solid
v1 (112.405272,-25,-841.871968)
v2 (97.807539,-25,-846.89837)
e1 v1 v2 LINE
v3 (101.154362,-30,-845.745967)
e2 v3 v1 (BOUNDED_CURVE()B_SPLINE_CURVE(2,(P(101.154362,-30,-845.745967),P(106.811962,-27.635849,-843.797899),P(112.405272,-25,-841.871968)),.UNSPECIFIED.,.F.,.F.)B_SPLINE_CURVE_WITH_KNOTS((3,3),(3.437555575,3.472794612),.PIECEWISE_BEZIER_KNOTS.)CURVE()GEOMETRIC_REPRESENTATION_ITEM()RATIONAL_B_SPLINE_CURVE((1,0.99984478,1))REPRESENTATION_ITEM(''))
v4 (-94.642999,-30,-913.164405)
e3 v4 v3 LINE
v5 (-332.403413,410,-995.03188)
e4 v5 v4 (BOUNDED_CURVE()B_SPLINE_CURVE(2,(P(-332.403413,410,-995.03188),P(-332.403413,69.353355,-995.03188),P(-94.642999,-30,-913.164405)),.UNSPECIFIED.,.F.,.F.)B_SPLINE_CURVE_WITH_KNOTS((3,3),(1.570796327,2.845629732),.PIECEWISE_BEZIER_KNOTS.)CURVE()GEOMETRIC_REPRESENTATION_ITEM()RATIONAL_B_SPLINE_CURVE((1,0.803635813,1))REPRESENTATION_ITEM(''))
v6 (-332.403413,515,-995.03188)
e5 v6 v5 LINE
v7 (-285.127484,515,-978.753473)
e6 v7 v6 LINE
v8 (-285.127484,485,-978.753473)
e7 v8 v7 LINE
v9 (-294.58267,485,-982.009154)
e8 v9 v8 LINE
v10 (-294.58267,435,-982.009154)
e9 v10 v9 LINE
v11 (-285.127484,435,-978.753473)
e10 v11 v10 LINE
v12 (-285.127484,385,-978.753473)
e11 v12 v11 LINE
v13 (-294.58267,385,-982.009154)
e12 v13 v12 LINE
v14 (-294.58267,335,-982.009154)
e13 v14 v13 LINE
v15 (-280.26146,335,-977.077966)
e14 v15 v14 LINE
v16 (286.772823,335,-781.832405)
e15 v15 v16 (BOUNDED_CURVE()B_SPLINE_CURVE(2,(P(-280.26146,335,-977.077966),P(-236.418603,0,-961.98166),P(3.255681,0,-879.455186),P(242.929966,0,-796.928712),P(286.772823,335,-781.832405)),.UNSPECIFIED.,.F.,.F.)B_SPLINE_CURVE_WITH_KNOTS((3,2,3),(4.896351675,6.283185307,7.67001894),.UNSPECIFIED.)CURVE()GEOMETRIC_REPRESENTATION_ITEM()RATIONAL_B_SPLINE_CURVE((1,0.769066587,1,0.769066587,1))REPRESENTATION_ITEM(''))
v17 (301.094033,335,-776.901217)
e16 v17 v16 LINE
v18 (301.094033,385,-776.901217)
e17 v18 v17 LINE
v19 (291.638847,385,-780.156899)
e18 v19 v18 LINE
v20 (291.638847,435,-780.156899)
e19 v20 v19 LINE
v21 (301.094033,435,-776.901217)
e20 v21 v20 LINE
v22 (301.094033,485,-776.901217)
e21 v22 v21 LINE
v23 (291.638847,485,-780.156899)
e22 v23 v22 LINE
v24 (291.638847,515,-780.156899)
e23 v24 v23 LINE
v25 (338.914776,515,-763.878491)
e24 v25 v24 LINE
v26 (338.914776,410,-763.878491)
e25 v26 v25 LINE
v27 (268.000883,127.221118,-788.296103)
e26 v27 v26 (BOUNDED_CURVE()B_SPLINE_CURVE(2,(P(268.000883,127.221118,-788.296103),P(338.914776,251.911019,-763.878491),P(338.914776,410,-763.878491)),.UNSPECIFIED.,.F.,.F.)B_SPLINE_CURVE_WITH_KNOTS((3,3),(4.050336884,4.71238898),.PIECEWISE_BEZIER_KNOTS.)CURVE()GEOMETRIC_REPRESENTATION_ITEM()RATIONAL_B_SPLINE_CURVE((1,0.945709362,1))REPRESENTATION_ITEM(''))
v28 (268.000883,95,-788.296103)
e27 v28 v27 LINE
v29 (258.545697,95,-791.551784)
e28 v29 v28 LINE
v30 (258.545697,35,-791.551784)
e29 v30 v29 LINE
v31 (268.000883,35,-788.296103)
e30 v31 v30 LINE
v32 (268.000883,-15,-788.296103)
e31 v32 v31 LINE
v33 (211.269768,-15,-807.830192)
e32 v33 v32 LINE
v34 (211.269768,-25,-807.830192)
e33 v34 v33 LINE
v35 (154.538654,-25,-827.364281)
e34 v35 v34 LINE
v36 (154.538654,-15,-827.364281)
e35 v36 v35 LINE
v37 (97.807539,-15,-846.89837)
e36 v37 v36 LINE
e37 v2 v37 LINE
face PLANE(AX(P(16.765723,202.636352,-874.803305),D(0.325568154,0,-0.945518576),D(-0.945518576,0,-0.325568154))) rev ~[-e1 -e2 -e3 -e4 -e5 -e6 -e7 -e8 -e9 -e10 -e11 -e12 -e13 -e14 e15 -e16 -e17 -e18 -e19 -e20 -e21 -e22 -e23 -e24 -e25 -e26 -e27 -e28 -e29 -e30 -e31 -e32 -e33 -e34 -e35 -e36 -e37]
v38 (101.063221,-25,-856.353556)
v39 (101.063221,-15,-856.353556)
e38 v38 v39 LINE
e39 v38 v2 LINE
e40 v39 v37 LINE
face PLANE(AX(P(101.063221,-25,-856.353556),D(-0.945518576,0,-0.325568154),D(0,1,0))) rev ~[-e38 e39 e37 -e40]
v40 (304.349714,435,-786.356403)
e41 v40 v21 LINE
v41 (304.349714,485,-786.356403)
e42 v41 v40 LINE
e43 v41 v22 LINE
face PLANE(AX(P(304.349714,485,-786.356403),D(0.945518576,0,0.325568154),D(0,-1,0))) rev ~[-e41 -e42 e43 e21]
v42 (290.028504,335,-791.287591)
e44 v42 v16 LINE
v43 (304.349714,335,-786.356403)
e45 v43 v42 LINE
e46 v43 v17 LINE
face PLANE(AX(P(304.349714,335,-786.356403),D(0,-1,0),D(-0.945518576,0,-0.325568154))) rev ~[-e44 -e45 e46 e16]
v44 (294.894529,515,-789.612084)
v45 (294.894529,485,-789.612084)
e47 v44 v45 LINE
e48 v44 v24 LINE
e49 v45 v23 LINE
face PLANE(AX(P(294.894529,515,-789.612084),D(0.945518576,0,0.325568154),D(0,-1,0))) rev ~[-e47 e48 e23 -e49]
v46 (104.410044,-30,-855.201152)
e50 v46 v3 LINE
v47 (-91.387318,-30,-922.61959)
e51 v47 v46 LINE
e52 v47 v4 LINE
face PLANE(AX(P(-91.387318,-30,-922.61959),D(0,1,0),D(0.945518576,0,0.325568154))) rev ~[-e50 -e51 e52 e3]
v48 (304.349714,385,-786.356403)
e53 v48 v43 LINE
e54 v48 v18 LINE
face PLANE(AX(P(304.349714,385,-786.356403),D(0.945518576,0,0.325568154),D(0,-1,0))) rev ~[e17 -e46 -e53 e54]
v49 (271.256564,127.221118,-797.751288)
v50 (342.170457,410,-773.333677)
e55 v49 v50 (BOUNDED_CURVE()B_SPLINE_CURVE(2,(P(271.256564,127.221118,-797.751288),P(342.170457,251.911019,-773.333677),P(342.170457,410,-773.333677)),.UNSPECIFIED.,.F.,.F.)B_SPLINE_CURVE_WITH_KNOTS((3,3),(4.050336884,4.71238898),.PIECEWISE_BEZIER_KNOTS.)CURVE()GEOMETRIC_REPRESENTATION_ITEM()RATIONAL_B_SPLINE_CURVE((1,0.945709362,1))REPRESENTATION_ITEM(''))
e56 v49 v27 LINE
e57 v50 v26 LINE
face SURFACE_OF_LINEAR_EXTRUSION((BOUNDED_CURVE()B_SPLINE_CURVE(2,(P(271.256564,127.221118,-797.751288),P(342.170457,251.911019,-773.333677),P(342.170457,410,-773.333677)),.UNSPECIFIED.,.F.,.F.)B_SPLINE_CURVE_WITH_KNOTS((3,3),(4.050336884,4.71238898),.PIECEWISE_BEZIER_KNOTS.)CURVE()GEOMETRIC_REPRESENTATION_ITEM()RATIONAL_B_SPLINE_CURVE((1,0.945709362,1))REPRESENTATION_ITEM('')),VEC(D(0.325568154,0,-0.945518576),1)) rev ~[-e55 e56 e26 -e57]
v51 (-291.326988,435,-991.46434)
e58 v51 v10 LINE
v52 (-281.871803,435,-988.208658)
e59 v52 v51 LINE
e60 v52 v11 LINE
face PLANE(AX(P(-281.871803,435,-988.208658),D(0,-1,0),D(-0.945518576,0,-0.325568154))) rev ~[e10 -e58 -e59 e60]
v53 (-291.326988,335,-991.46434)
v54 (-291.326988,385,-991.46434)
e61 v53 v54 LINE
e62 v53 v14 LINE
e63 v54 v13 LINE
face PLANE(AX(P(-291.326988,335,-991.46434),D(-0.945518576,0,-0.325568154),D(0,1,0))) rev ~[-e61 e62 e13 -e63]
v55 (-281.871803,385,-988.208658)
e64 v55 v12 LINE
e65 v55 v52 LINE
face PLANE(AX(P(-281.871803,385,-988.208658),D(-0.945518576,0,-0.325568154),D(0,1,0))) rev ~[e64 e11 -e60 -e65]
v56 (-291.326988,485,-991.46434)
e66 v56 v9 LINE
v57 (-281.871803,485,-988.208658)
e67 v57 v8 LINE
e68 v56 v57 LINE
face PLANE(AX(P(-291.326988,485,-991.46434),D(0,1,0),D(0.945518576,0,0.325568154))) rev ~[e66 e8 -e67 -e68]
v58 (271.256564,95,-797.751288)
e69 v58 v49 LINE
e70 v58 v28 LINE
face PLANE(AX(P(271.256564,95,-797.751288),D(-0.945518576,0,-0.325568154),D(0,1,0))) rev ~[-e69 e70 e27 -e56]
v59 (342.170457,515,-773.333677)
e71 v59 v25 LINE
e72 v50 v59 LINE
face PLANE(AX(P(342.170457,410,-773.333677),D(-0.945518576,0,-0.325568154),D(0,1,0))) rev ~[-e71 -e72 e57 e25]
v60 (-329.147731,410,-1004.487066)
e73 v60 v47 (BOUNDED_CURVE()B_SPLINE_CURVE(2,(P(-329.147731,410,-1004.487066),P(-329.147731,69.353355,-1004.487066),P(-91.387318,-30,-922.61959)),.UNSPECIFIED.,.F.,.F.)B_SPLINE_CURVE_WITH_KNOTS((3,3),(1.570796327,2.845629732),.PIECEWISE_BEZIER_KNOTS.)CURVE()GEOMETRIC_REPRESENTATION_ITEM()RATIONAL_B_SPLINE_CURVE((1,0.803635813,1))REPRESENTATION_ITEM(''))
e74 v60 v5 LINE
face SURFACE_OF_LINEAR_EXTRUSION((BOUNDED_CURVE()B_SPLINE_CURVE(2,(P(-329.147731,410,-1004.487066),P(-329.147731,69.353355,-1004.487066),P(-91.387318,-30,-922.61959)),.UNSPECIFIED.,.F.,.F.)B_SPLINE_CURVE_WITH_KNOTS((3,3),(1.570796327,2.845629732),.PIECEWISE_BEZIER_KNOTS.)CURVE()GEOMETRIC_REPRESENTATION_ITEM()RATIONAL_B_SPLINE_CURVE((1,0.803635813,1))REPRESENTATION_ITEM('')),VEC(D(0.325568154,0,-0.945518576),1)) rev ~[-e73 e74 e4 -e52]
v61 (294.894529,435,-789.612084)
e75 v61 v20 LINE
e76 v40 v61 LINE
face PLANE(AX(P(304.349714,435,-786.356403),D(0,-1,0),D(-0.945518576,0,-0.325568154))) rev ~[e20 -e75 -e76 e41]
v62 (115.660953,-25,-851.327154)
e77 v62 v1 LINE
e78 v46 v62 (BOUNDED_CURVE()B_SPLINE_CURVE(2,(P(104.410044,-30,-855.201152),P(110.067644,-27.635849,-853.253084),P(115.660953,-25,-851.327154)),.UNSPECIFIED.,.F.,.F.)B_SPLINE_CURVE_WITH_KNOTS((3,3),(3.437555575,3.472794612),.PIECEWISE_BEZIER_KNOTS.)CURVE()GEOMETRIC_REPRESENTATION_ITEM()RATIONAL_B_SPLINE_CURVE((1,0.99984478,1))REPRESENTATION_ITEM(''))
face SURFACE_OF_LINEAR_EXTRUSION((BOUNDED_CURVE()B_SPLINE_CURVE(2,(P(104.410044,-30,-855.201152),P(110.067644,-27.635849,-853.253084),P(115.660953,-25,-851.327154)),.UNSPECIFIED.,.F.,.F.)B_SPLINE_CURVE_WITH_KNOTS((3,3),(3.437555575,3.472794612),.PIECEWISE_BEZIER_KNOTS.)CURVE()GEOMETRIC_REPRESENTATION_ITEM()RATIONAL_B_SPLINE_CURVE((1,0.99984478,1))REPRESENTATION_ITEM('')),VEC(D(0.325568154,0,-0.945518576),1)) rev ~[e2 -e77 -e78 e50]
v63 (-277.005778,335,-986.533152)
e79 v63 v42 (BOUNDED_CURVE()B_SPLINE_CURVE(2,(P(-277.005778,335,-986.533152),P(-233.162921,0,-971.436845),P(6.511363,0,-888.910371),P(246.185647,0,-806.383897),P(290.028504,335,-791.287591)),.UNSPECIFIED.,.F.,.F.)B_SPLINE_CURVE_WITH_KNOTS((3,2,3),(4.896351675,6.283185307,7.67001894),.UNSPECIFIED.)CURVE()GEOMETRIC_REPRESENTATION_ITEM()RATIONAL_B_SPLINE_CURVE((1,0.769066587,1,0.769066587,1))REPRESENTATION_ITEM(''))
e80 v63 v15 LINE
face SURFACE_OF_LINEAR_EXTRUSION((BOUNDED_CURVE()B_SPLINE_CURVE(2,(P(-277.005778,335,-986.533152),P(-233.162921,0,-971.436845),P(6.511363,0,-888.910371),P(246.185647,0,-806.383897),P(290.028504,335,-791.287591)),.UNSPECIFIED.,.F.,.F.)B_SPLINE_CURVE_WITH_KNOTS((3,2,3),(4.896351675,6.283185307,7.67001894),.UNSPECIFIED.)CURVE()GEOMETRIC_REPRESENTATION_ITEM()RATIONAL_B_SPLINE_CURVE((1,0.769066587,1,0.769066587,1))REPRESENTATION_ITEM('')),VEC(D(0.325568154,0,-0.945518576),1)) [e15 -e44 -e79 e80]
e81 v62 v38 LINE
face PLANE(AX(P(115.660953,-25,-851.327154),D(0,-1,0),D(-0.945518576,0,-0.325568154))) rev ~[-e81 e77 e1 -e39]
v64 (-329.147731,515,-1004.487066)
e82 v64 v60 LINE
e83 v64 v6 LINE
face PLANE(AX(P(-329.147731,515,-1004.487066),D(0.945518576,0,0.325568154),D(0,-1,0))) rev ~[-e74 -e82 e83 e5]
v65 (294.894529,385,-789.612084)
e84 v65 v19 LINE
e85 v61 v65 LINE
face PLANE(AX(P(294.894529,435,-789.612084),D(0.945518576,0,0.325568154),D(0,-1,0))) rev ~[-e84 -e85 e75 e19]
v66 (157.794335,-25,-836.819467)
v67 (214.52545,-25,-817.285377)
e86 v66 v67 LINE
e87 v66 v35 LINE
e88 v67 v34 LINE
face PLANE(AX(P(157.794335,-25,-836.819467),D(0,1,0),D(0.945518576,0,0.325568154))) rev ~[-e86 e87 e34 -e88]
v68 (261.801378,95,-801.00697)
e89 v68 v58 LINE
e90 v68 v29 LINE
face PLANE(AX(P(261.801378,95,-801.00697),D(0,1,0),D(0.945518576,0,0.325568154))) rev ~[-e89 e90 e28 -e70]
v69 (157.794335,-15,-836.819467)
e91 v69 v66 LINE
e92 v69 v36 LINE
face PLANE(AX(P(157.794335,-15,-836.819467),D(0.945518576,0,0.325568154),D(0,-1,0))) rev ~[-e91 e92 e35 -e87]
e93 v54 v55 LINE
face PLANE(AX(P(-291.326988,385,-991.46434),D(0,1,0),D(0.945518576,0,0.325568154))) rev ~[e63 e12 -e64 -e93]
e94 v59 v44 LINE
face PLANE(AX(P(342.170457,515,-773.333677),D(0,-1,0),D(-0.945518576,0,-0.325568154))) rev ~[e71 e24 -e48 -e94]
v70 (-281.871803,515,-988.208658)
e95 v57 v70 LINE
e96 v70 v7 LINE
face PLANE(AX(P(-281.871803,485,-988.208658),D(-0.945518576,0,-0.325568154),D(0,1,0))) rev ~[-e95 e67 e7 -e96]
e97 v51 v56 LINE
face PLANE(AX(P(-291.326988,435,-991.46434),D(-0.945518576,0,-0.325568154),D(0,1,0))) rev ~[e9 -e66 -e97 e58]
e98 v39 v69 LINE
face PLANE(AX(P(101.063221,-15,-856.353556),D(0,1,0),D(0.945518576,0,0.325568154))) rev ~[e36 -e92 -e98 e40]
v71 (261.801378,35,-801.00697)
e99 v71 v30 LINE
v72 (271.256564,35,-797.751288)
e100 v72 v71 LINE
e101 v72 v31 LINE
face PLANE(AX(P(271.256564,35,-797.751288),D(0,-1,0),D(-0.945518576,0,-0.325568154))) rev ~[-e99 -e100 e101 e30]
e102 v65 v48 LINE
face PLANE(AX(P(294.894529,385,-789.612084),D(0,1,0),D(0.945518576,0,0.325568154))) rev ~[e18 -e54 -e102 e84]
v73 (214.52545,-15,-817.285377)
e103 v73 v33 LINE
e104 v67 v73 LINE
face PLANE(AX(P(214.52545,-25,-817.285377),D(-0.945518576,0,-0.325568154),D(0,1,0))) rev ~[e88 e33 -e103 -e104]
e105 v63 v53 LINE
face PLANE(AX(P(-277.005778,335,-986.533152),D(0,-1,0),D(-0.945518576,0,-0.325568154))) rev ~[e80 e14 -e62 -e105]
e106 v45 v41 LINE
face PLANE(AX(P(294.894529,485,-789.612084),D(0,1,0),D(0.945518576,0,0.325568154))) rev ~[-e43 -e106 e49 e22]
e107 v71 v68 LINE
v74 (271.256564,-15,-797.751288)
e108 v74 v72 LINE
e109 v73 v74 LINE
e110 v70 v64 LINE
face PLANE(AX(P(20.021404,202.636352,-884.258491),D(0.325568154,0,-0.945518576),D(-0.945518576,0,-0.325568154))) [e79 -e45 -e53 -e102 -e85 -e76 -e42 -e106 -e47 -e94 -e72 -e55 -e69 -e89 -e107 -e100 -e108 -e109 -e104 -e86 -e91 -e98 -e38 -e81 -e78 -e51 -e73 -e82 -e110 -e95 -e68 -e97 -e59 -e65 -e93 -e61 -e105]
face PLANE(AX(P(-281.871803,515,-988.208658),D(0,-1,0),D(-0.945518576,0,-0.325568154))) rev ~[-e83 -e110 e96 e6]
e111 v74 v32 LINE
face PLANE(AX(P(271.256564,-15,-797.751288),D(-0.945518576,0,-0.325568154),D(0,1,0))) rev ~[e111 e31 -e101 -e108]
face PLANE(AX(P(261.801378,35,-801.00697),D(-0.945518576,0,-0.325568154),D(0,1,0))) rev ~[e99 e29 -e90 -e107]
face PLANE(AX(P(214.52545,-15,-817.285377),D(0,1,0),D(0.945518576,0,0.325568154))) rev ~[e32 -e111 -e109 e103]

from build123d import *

# Parameters (mm, degrees)
BOSS_EXTRUDE1_DEPTH = 10


with BuildPart() as part:
    # Sketch4 → Boss-Extrude1 (new body)
    with BuildSketch(Plane(origin=(274.324104856, 0, -796.695049331), x_dir=(0.945518576, 0, 0.325568154), z_dir=(-0.325568154, 0, 0.945518576))):
        with BuildLine():
            Line((21.755705622, 335), (16.60929745, 335))
            add(Edge.make_bspline(
                [(-583.097886205, 335), (-536.728774067, 0), (-283.244294378, 0), (-29.759814689, 0), (16.60929745, 335)],
                knots=[4.896351675, 4.896351675, 4.896351675, 6.283185307, 6.283185307, 7.67001894, 7.67001894, 7.67001894], degree=2, weights=[1, 0.769066587, 1, 0.769066587, 1]))
            Line((-583.097886205, 335), (-588.244294378, 335))
            Line((-588.244294378, 335), (-598.244294378, 335))
            Line((-598.244294378, 335), (-598.244294378, 385))
            Line((-598.244294378, 385), (-588.244294378, 385))
            Line((-588.244294378, 385), (-588.244294378, 435))
            Line((-588.244294378, 435), (-598.244294378, 435))
            Line((-598.244294378, 435), (-598.244294378, 485))
            Line((-598.244294378, 485), (-588.244294378, 485))
            Line((-588.244294378, 485), (-588.244294378, 515))
            Line((-588.244294378, 515), (-638.244294378, 515))
            Line((-638.244294378, 515), (-638.244294378, 410))
            add(Edge.make_bspline(
                [(-638.244294378, 410), (-638.244294378, 69.353354952), (-386.783963771, -30)],
                knots=[1.570796327, 1.570796327, 1.570796327, 2.845629732, 2.845629732, 2.845629732], degree=2, weights=[1, 0.803635813, 1]))
            Line((-386.783963771, -30), (-179.704624985, -30))
            add(Edge.make_bspline(
                [(-179.704624985, -30), (-173.721030113, -27.635848868), (-167.805430637, -25)],
                knots=[3.437555575, 3.437555575, 3.437555575, 3.472794612, 3.472794612, 3.472794612], degree=2, weights=[1, 0.99984478, 1]))
            Line((-167.805430637, -25), (-183.244294378, -25))
            Line((-183.244294378, -25), (-183.244294378, -15))
            Line((-183.244294378, -15), (-123.244294378, -15))
            Line((-123.244294378, -15), (-123.244294378, -25))
            Line((-123.244294378, -25), (-63.244294378, -25))
            Line((-63.244294378, -25), (-63.244294378, -15))
            Line((-63.244294378, -15), (-3.244294378, -15))
            Line((-3.244294378, -15), (-3.244294378, 35))
            Line((-3.244294378, 35), (-13.244294378, 35))
            Line((-13.244294378, 35), (-13.244294378, 95))
            Line((-13.244294378, 95), (-3.244294378, 95))
            Line((-3.244294378, 95), (-3.244294378, 127.221118093))
            add(Edge.make_bspline(
                [(-3.244294378, 127.221118093), (71.755705622, 251.911018777), (71.755705622, 410)],
                knots=[4.050336884, 4.050336884, 4.050336884, 4.71238898, 4.71238898, 4.71238898], degree=2, weights=[1, 0.945709362, 1]))
            Line((71.755705622, 410), (71.755705622, 515))
            Line((71.755705622, 515), (21.755705622, 515))
            Line((21.755705622, 515), (21.755705622, 485))
            Line((21.755705622, 485), (31.755705622, 485))
            Line((31.755705622, 485), (31.755705622, 435))
            Line((31.755705622, 435), (21.755705622, 435))
            Line((21.755705622, 435), (21.755705622, 385))
            Line((21.755705622, 385), (31.755705622, 385))
            Line((31.755705622, 385), (31.755705622, 335))
            Line((31.755705622, 335), (21.755705622, 335))
        make_face()
    extrude(amount=BOSS_EXTRUDE1_DEPTH)


solid = part.part
